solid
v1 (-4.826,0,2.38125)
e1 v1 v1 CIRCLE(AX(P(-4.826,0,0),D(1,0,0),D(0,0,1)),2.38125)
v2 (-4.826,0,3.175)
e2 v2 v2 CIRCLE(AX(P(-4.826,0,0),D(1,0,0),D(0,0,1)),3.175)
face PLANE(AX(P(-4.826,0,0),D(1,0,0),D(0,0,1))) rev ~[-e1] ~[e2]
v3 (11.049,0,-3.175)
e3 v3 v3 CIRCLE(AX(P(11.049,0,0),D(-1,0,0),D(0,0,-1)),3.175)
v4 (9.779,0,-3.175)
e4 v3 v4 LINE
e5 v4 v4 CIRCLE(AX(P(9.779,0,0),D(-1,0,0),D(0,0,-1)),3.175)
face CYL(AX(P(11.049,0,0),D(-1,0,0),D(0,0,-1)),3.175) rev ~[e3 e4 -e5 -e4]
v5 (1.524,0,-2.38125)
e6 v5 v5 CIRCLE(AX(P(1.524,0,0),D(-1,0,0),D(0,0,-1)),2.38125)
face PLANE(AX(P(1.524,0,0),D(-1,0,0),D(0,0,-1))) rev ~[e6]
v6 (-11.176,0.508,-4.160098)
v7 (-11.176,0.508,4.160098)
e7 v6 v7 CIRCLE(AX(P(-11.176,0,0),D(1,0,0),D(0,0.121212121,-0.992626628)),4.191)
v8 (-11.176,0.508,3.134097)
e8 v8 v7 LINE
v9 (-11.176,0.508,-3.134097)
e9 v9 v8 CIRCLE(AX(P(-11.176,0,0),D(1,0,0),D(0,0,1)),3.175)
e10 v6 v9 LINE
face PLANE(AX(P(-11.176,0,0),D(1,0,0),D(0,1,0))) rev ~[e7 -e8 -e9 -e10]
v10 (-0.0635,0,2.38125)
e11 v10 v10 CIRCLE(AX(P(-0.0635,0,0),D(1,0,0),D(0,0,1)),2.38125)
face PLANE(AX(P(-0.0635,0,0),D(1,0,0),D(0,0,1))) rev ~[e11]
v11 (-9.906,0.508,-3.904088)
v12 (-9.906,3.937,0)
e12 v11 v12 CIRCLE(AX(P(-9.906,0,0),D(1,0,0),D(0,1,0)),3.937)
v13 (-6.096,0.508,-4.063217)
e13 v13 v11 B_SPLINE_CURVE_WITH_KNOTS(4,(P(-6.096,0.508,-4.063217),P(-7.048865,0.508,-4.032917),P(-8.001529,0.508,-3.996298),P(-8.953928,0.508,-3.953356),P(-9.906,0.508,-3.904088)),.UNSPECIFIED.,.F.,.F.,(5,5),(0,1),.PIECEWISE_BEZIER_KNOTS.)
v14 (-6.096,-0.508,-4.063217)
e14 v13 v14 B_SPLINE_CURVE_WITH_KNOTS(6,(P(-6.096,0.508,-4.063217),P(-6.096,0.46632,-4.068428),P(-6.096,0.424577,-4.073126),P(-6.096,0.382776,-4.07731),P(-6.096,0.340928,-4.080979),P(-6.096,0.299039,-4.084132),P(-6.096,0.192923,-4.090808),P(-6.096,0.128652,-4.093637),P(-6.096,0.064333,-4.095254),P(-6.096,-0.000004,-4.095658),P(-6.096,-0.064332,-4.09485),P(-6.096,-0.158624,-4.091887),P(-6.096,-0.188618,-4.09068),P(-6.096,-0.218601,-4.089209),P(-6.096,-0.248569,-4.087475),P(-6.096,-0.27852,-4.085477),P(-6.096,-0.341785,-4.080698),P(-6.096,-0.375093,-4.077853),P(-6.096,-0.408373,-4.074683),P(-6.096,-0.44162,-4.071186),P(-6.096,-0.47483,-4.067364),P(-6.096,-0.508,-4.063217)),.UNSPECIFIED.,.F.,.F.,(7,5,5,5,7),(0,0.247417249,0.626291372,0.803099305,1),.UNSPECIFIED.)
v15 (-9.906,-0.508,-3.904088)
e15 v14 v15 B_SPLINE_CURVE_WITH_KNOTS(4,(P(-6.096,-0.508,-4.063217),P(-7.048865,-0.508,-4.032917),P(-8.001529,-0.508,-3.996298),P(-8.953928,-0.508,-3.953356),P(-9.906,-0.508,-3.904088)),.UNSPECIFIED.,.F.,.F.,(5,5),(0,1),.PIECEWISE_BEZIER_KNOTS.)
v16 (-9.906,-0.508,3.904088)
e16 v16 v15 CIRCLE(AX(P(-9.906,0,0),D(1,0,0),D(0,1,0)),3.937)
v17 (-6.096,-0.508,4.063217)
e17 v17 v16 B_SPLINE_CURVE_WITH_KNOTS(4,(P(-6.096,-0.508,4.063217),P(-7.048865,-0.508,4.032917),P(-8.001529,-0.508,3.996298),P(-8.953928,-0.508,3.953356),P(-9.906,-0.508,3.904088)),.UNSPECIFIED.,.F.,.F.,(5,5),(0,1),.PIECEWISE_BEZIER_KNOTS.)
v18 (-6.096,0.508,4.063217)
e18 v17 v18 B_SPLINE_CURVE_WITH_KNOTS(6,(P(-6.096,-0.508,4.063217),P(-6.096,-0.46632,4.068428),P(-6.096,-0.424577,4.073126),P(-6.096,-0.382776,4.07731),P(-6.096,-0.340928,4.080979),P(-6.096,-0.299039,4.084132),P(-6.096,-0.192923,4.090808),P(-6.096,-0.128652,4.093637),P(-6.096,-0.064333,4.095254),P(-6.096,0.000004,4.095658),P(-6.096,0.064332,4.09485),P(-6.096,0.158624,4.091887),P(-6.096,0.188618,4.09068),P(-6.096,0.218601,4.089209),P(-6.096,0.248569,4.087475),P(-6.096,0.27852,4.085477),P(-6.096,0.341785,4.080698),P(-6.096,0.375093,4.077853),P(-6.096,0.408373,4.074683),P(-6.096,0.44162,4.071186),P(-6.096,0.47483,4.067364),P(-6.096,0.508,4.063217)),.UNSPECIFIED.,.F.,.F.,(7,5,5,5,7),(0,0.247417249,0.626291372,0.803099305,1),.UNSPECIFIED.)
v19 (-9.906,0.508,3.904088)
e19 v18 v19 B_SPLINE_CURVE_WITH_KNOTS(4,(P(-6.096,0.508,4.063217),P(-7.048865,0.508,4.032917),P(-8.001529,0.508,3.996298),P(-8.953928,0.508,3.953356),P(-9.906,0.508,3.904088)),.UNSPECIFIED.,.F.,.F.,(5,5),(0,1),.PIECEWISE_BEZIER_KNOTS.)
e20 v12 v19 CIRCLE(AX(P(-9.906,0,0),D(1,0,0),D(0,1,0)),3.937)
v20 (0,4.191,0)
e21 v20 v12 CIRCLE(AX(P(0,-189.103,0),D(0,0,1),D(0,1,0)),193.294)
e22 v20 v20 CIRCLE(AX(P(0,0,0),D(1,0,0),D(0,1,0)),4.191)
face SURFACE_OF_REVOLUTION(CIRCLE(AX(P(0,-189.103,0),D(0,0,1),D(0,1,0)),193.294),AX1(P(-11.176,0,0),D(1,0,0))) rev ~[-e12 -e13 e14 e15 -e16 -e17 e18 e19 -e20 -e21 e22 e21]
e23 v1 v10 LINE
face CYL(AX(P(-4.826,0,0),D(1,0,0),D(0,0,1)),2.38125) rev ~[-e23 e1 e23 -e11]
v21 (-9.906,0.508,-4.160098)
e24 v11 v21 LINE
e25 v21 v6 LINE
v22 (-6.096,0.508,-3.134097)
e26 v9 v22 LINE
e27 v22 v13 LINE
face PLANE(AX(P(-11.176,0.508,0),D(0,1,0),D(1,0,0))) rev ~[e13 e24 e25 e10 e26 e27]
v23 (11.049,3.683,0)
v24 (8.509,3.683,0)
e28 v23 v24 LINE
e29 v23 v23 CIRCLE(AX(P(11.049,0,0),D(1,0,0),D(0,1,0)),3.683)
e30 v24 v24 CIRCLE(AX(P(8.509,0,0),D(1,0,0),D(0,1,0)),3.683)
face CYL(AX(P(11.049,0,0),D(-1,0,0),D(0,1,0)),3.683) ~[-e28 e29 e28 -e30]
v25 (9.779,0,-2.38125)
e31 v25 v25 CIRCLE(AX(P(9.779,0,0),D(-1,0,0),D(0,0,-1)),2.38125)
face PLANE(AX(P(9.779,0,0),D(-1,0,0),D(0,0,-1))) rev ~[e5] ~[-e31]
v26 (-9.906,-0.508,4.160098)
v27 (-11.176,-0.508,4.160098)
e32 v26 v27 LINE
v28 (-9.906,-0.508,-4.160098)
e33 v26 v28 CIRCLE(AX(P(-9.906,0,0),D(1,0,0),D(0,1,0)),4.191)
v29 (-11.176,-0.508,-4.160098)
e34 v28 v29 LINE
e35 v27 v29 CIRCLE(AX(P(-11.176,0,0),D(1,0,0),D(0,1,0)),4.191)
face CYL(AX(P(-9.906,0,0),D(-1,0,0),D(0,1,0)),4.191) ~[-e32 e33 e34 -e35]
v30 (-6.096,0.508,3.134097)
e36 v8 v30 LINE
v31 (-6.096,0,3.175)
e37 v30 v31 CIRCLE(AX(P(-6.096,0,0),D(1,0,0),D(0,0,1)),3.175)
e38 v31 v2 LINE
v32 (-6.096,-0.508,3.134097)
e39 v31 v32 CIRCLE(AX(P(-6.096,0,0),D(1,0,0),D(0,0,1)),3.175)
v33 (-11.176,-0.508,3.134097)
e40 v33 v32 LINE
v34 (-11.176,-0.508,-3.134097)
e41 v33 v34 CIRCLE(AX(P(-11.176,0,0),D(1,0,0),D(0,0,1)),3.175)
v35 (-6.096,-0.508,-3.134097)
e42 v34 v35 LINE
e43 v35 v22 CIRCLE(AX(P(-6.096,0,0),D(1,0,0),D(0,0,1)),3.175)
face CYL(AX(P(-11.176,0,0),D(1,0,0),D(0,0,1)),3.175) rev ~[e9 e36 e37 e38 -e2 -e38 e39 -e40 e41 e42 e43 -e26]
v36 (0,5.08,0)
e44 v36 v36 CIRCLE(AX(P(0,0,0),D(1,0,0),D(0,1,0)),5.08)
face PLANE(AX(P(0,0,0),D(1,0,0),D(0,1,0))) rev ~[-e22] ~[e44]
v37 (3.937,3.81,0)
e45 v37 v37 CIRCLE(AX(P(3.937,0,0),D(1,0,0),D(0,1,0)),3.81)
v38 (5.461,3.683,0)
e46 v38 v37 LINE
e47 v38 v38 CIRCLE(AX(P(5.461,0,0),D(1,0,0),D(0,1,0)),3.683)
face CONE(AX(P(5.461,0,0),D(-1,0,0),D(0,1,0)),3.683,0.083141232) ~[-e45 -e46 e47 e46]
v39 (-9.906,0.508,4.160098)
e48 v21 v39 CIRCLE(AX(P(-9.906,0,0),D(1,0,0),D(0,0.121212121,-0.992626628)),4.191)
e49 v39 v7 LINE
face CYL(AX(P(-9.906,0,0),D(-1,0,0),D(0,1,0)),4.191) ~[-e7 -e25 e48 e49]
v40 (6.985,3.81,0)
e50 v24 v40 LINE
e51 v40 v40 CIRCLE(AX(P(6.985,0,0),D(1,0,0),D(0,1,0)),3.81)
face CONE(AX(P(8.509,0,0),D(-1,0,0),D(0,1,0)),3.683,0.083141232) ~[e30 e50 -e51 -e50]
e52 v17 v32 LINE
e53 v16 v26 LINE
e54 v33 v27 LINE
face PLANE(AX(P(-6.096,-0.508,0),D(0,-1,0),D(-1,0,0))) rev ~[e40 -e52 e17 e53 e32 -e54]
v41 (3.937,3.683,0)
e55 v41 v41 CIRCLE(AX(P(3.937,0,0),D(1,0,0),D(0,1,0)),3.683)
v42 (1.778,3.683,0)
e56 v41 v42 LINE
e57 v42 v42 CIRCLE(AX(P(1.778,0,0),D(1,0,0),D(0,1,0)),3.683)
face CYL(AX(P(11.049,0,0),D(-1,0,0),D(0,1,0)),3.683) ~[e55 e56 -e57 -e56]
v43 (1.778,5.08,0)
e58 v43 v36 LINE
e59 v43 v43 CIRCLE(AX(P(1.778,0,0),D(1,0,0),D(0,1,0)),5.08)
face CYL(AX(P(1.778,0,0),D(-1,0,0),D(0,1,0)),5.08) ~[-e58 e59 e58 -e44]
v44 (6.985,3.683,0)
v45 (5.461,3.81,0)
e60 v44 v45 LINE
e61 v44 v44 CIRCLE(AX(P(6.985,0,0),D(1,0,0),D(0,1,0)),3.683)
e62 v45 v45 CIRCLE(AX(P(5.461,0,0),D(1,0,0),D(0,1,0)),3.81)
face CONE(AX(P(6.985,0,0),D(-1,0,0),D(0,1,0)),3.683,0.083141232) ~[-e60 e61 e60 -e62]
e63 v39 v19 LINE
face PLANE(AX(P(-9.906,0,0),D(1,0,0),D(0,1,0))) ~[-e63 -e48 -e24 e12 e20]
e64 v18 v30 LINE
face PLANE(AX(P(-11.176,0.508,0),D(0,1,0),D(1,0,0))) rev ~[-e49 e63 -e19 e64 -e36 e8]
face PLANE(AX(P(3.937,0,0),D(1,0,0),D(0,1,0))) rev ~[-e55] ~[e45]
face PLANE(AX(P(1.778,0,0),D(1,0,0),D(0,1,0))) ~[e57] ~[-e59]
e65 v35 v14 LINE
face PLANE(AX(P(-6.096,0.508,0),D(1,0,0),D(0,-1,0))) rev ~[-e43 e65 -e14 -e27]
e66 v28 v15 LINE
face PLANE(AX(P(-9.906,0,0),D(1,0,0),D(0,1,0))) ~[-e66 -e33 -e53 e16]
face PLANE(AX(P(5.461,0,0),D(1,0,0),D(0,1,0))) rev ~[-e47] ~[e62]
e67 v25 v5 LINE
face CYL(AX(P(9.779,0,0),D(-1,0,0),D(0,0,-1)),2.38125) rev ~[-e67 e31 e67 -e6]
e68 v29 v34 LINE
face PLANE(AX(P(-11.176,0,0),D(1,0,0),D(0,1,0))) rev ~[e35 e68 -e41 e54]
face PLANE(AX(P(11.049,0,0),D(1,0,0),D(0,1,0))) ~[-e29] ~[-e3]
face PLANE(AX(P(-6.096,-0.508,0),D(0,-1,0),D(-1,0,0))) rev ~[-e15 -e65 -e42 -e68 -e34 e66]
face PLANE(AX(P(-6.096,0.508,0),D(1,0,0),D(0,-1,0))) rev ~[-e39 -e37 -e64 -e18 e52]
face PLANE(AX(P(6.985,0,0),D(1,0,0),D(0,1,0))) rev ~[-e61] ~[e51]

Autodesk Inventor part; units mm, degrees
ref_plane "YZ Plane" through (0, 0, 0) normal (1, 0, 0) x (0, 1, 0)
ref_plane "XZ Plane" through (0, 0, 0) normal (0, 1, 0) x (-1, 0, 0)
ref_plane "XY Plane" through (0, 0, 0) normal (0, 0, 1) x (1, 0, 0)
sketch "Sketch1" plane through (0, 0, 0) normal (0, 0, 1) x (1, 0, 0)
  line L0 (0, 0) -> (1.778, 0)
  line L1 (1.778, 0) -> (1.778, 5.08)
  line L2 (1.778, 5.08) -> (0, 5.08)
  line L3 (0, 5.08) -> (0, 0)
  line L4 (1.778, 0) -> (11.049, 0)
  line L5 (11.049, 0) -> (11.049, 3.683)
  line L6 (11.049, 3.683) -> (1.778, 3.683)
  line L7 (1.778, 3.683) -> (1.778, 0)
  line L8 (8.509, 3.683) -> (6.985, 3.81)
  line L9 (6.985, 3.81) -> (6.985, 3.683)
  line L10 (6.985, 3.683) -> (5.461, 3.81)
  line L11 (5.461, 3.81) -> (5.461, 3.683)
  line L12 (5.461, 3.683) -> (3.937, 3.81)
  line L13 (3.937, 3.81) -> (3.937, 3.683)
  line L14 (0, 0) -> (0, 3.1252)
  line L15 (0, 4.191) -> (0.889, 4.191) construction
  line L16 (0, 4.191) -> (0, 0)
  arc A0 (0, 4.191) -> (-9.906, 3.937) centre (0, -189.103) ccw
  line L17 (-9.906, 3.937) -> (-9.906, 4.191)
  line L18 (-9.906, 4.191) -> (-11.176, 4.191)
  line L19 (-11.176, 4.191) -> (-11.176, 0)
  line L20 (-11.176, 0) -> (0, 0)
  dimension "d0" = 1.778
  dimension "d1" = 10.16
  dimension "d2" = 9.271
  dimension "d3" = 7.366
  dimension "d4" = 7.62
  dimension "d5" = 2.54
  dimension "d6" = 1.524
  dimension "d7" = 8.382
  dimension "d8" = 8.382
  dimension "d9" = 11.176
  dimension "d10" = 7.874
  dimension "d11" = 1.27
revolve "Revolution1" add sketch "Sketch1" angle 360 about axis through (-11.176, 0, 0) along (1, 0, 0)
sketch "Sketch2" plane through (0, 0, 0) normal (0, 0, 1) x (1, 0, 0)
  line L0 (-11.176, 0.508) -> (-6.096, 0.508)
  line L1 (-6.096, 0.508) -> (-6.096, -0.508)
  line L2 (-6.096, -0.508) -> (-11.176, -0.508)
  line L3 (-11.176, -0.508) -> (-11.176, 0.508)
  line L4 (-11.176, -4.191) -> (-11.176, 4.191) construction
  point P0 (0, 0)
  point P1 (-11.176, 0)
  dimension "d13" = 1.016
  dimension "d14" = 5.08
extrude "Extrusion1" cut sketch "Sketch2" along normal through all both and the other way through all
hole "Hole1" at (-11.176, 0, 0) direction (1, 0, 0) diameter 4.7625 depth 11.1125 counterbore diameter 6.35 counterbore depth 6.35
hole "Hole2" at (11.049, 0, 0) direction (-1, 0, 0) diameter 4.7625 depth 9.525 counterbore diameter 6.35 counterbore depth 1.27
equation "\"d8\" = d7"
properties part number "T9 Axle"
